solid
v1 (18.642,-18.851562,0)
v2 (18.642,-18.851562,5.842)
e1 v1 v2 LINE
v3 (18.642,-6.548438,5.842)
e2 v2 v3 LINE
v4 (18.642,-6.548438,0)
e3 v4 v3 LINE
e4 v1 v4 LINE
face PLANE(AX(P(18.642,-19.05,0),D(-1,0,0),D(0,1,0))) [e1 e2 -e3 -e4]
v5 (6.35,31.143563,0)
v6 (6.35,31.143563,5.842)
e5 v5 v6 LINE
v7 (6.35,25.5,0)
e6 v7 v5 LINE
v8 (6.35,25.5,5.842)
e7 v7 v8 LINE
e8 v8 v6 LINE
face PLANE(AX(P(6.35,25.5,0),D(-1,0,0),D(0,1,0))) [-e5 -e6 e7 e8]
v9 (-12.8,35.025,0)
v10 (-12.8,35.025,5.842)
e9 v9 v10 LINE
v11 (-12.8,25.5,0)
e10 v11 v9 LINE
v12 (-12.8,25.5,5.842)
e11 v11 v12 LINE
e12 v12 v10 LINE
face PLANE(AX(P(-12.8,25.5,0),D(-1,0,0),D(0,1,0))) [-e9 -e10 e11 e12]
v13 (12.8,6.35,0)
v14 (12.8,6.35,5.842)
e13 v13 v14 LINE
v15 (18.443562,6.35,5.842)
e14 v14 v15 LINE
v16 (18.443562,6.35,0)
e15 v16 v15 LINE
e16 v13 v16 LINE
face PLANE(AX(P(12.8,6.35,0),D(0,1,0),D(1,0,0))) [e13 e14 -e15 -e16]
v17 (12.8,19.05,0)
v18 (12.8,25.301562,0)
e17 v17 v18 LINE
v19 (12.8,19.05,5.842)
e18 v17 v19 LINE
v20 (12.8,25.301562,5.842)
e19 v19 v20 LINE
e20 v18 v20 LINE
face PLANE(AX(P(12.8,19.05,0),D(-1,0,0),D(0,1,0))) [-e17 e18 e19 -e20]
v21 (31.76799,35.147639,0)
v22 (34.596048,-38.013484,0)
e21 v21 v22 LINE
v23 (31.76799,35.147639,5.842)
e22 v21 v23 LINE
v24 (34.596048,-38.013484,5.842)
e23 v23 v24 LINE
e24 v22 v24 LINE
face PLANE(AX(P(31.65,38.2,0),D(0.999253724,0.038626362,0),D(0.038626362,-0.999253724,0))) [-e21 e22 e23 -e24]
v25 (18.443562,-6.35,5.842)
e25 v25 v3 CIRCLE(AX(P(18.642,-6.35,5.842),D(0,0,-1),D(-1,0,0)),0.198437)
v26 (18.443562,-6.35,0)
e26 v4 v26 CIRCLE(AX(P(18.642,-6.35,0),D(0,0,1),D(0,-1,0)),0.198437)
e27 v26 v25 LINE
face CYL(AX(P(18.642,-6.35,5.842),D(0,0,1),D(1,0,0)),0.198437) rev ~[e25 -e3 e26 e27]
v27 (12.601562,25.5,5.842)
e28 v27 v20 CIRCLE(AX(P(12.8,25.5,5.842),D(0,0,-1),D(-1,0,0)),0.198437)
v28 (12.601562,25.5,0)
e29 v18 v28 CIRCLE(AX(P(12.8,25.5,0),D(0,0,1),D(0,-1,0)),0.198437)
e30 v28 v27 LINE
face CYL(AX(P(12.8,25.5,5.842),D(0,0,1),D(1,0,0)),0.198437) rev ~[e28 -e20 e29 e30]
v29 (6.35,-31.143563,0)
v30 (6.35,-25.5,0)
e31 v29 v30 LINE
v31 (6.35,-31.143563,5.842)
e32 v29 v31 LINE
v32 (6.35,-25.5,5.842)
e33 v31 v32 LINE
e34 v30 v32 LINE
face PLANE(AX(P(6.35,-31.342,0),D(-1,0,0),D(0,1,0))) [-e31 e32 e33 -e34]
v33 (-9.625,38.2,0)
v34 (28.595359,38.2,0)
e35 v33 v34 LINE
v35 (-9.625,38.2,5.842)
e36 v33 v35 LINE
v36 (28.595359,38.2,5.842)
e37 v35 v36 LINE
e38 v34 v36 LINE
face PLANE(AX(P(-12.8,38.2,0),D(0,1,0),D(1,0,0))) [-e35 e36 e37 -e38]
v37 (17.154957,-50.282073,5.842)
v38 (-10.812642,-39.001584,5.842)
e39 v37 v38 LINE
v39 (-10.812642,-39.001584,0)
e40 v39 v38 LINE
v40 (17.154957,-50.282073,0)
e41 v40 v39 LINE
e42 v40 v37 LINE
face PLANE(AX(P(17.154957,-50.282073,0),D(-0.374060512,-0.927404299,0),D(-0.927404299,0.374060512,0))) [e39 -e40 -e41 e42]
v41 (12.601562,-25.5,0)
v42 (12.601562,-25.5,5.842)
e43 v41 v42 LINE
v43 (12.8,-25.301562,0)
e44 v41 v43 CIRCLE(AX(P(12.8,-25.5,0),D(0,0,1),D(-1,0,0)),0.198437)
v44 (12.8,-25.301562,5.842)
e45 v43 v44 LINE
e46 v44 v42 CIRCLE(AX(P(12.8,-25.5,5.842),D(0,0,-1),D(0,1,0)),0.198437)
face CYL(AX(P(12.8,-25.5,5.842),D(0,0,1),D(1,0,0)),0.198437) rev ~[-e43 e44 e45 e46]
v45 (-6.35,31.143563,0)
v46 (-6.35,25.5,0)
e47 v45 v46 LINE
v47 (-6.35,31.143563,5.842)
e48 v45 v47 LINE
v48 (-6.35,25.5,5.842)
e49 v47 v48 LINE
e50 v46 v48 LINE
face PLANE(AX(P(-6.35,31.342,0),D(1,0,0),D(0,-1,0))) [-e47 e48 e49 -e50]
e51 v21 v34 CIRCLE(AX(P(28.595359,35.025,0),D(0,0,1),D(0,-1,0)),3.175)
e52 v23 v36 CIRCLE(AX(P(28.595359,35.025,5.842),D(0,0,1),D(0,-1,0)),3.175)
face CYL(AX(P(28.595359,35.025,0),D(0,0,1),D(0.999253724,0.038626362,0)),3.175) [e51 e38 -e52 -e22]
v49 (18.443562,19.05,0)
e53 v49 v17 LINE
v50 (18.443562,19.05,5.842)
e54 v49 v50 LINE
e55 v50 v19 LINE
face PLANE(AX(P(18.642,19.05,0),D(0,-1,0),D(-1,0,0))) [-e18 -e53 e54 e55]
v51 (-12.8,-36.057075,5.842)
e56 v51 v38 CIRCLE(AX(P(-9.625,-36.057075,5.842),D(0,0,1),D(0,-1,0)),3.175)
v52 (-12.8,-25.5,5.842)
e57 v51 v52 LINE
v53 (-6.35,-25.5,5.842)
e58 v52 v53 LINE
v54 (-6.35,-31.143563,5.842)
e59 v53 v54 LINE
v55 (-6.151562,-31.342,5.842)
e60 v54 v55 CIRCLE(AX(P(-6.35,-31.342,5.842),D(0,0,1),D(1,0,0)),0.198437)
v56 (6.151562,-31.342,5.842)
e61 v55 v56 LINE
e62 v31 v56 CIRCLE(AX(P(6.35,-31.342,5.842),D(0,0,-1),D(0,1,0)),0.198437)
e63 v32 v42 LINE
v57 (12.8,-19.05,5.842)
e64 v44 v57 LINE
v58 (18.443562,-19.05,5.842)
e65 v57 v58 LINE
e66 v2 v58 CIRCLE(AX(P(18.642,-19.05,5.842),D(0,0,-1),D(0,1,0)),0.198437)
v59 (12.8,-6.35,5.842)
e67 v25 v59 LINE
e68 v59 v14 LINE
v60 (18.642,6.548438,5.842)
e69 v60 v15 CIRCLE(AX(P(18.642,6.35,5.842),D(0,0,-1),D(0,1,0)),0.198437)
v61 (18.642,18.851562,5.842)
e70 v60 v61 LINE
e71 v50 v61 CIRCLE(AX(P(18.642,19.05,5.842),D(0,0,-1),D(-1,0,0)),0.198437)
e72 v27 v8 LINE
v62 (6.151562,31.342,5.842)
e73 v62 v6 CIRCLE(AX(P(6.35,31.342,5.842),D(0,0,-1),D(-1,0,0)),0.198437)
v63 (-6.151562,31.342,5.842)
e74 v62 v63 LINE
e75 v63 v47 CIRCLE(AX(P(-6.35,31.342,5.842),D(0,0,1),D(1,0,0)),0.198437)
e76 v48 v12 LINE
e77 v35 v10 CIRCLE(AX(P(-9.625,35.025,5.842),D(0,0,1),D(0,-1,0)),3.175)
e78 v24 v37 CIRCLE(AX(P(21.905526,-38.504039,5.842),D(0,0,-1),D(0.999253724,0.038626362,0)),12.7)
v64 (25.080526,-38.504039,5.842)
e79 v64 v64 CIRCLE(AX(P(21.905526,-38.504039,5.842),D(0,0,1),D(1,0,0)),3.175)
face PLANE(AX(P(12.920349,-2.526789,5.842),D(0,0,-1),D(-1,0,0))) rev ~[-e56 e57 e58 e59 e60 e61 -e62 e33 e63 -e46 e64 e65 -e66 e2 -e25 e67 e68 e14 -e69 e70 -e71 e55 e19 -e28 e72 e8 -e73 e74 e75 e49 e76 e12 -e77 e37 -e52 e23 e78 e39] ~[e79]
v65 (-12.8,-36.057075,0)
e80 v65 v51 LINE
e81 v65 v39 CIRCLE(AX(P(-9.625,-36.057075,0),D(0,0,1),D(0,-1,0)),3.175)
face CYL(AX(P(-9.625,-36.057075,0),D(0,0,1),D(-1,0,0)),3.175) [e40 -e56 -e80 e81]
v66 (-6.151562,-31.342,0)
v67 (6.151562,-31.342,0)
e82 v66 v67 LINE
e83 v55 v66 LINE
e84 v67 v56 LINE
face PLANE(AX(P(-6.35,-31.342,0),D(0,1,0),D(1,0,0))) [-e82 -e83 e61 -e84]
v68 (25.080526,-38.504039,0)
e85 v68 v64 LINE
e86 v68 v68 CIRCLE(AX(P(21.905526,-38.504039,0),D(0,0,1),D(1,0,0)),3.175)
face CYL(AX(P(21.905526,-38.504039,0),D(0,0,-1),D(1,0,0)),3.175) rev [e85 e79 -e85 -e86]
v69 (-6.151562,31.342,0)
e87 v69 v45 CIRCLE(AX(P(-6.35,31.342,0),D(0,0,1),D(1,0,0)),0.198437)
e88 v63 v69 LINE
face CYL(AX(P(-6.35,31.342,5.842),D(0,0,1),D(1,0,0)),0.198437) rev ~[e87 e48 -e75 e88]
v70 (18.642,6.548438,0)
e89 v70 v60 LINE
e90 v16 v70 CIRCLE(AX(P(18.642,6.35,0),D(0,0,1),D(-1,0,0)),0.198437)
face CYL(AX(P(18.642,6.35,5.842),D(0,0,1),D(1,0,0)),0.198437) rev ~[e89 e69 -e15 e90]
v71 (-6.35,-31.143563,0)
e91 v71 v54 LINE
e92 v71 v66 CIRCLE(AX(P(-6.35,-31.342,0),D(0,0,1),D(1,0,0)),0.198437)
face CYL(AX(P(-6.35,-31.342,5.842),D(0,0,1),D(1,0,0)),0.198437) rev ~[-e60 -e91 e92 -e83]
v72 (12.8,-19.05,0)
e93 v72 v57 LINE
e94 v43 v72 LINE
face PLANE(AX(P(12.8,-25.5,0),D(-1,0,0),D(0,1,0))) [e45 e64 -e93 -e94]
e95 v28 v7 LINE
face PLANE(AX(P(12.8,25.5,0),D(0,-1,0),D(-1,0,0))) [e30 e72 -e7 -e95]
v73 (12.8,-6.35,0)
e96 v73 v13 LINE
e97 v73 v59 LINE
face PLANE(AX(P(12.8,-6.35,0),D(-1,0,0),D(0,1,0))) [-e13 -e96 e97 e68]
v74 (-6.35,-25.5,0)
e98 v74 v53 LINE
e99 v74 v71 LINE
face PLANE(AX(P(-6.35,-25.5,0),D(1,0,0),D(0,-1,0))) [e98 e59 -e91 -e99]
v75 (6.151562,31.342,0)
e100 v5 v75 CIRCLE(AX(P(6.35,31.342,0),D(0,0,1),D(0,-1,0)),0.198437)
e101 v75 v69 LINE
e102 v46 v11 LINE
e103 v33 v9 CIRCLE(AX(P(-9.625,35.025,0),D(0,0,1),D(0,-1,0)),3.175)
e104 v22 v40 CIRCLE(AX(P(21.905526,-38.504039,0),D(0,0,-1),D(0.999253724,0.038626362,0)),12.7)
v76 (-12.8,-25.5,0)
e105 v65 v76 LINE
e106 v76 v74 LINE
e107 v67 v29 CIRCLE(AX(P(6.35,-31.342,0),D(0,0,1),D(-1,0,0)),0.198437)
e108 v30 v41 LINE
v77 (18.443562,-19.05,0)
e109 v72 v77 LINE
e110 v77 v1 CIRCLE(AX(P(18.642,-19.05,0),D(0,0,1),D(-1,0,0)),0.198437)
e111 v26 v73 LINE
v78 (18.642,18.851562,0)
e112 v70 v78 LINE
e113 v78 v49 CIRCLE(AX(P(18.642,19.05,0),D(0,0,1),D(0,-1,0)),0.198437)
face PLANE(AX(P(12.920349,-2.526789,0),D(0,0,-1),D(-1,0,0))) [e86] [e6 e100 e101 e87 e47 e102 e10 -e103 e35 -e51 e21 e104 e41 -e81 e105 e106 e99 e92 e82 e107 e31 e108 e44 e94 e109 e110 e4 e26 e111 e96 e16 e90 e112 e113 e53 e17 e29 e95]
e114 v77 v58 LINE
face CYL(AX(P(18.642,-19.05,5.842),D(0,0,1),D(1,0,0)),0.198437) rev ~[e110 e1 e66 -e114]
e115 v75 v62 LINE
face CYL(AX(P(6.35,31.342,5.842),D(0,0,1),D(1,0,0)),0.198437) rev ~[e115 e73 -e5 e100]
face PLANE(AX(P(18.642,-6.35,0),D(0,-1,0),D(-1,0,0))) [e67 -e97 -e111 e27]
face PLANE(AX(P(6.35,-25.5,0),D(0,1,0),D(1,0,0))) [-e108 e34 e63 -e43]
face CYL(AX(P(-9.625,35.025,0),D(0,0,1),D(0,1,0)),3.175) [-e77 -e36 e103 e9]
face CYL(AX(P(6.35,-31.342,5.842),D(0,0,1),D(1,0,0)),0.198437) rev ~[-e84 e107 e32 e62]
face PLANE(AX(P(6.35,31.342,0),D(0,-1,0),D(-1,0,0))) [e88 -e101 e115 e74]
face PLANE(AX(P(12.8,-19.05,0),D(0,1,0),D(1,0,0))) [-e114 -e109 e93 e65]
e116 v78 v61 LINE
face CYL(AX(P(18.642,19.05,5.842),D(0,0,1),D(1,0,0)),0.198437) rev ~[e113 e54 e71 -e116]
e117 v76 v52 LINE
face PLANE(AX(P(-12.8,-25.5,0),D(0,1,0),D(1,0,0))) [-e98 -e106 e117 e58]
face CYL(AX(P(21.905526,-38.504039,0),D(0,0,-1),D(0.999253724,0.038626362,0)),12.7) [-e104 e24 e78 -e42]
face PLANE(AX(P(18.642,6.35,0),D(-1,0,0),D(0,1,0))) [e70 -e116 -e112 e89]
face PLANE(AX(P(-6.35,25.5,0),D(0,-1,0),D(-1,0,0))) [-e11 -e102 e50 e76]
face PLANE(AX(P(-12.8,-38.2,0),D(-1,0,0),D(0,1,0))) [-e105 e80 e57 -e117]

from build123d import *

# Parameters (mm, degrees)
SKETCH1_R           = 3.175
BOSS_EXTRUDE1_DEPTH = 5.842
FILLET2_R           = 3.175
SKETCH2_R           = 0.1984375
CUT_EXTRUDE1_DEPTH  = 63.076766734


with BuildPart() as part:
    # Sketch1 → Boss-Extrude1 (new body)
    with BuildSketch(Plane.XY):
        with BuildLine():
            Line((-12.8, -25.5), (-6.35, -25.5))
            Line((-6.35, -25.5), (-6.35, -31.342))
            Line((-6.35, -31.342), (6.35, -31.342))
            Line((6.35, -31.342), (6.35, -25.5))
            Line((6.35, -25.5), (12.8, -25.5))
            Line((12.8, -25.5), (12.8, -19.05))
            Line((12.8, -19.05), (18.642, -19.05))
            Line((18.642, -19.05), (18.642, -6.35))
            Line((18.642, -6.35), (12.8, -6.35))
            Line((12.8, -6.35), (12.8, 6.35))
            Line((12.8, 6.35), (18.642, 6.35))
            Line((18.642, 6.35), (18.642, 19.05))
            Line((18.642, 19.05), (12.8, 19.05))
            Line((12.8, 19.05), (12.8, 25.5))
            Line((12.8, 25.5), (6.35, 25.5))
            Line((6.35, 25.5), (6.35, 31.342))
            Line((6.35, 31.342), (-6.35, 31.342))
            Line((-6.35, 31.342), (-6.35, 25.5))
            Line((-6.35, 25.5), (-12.8, 25.5))
            Line((-12.8, 25.5), (-12.8, 38.2))
            Line((-12.8, 38.2), (31.65, 38.2))
            Line((31.65, 38.2), (34.596048217, -38.0134839))
            ThreePointArc((34.596048217, -38.0134839), (29.212391738, -48.89151732), (17.154957424, -50.282073297))
            Line((17.154957424, -50.282073297), (-12.8, -38.2))
            Line((-12.8, -38.2), (-12.8, -25.5))
        make_face()
        with Locations((21.905525927, -38.504038703)):
            Circle(SKETCH1_R, mode=Mode.SUBTRACT)
    extrude(amount=BOSS_EXTRUDE1_DEPTH)

    # Fillet2
    fillet2_edges = [part.edges().sort_by_distance(p)[0] for p in [
        (-12.8, 38.2, 2.921),
        (31.65, 38.2, 2.921),
        (-12.8, -38.2, 2.921),
    ]]
    fillet(fillet2_edges, radius=FILLET2_R)

    # Sketch2 → Cut-Extrude1 (cut, through all)
    with BuildSketch(Plane.XY.offset(5.842)):
        with Locations((-6.35, 31.342)):
            Circle(SKETCH2_R)
        with Locations((6.35, 31.342)):
            Circle(SKETCH2_R)
        with Locations((12.8, 25.5)):
            Circle(SKETCH2_R)
        with Locations((18.642, 6.35)):
            Circle(SKETCH2_R)
        with Locations((18.642, 19.05)):
            Circle(SKETCH2_R)
        with Locations((18.642, -19.05)):
            Circle(SKETCH2_R)
        with Locations((18.642, -6.35)):
            Circle(SKETCH2_R)
        with Locations((12.8, -25.5)):
            Circle(SKETCH2_R)
        with Locations((6.35, -31.342)):
            Circle(SKETCH2_R)
        with Locations((-6.35, -31.342)):
            Circle(SKETCH2_R)
    extrude(amount=-CUT_EXTRUDE1_DEPTH, mode=Mode.SUBTRACT)


solid = part.part
